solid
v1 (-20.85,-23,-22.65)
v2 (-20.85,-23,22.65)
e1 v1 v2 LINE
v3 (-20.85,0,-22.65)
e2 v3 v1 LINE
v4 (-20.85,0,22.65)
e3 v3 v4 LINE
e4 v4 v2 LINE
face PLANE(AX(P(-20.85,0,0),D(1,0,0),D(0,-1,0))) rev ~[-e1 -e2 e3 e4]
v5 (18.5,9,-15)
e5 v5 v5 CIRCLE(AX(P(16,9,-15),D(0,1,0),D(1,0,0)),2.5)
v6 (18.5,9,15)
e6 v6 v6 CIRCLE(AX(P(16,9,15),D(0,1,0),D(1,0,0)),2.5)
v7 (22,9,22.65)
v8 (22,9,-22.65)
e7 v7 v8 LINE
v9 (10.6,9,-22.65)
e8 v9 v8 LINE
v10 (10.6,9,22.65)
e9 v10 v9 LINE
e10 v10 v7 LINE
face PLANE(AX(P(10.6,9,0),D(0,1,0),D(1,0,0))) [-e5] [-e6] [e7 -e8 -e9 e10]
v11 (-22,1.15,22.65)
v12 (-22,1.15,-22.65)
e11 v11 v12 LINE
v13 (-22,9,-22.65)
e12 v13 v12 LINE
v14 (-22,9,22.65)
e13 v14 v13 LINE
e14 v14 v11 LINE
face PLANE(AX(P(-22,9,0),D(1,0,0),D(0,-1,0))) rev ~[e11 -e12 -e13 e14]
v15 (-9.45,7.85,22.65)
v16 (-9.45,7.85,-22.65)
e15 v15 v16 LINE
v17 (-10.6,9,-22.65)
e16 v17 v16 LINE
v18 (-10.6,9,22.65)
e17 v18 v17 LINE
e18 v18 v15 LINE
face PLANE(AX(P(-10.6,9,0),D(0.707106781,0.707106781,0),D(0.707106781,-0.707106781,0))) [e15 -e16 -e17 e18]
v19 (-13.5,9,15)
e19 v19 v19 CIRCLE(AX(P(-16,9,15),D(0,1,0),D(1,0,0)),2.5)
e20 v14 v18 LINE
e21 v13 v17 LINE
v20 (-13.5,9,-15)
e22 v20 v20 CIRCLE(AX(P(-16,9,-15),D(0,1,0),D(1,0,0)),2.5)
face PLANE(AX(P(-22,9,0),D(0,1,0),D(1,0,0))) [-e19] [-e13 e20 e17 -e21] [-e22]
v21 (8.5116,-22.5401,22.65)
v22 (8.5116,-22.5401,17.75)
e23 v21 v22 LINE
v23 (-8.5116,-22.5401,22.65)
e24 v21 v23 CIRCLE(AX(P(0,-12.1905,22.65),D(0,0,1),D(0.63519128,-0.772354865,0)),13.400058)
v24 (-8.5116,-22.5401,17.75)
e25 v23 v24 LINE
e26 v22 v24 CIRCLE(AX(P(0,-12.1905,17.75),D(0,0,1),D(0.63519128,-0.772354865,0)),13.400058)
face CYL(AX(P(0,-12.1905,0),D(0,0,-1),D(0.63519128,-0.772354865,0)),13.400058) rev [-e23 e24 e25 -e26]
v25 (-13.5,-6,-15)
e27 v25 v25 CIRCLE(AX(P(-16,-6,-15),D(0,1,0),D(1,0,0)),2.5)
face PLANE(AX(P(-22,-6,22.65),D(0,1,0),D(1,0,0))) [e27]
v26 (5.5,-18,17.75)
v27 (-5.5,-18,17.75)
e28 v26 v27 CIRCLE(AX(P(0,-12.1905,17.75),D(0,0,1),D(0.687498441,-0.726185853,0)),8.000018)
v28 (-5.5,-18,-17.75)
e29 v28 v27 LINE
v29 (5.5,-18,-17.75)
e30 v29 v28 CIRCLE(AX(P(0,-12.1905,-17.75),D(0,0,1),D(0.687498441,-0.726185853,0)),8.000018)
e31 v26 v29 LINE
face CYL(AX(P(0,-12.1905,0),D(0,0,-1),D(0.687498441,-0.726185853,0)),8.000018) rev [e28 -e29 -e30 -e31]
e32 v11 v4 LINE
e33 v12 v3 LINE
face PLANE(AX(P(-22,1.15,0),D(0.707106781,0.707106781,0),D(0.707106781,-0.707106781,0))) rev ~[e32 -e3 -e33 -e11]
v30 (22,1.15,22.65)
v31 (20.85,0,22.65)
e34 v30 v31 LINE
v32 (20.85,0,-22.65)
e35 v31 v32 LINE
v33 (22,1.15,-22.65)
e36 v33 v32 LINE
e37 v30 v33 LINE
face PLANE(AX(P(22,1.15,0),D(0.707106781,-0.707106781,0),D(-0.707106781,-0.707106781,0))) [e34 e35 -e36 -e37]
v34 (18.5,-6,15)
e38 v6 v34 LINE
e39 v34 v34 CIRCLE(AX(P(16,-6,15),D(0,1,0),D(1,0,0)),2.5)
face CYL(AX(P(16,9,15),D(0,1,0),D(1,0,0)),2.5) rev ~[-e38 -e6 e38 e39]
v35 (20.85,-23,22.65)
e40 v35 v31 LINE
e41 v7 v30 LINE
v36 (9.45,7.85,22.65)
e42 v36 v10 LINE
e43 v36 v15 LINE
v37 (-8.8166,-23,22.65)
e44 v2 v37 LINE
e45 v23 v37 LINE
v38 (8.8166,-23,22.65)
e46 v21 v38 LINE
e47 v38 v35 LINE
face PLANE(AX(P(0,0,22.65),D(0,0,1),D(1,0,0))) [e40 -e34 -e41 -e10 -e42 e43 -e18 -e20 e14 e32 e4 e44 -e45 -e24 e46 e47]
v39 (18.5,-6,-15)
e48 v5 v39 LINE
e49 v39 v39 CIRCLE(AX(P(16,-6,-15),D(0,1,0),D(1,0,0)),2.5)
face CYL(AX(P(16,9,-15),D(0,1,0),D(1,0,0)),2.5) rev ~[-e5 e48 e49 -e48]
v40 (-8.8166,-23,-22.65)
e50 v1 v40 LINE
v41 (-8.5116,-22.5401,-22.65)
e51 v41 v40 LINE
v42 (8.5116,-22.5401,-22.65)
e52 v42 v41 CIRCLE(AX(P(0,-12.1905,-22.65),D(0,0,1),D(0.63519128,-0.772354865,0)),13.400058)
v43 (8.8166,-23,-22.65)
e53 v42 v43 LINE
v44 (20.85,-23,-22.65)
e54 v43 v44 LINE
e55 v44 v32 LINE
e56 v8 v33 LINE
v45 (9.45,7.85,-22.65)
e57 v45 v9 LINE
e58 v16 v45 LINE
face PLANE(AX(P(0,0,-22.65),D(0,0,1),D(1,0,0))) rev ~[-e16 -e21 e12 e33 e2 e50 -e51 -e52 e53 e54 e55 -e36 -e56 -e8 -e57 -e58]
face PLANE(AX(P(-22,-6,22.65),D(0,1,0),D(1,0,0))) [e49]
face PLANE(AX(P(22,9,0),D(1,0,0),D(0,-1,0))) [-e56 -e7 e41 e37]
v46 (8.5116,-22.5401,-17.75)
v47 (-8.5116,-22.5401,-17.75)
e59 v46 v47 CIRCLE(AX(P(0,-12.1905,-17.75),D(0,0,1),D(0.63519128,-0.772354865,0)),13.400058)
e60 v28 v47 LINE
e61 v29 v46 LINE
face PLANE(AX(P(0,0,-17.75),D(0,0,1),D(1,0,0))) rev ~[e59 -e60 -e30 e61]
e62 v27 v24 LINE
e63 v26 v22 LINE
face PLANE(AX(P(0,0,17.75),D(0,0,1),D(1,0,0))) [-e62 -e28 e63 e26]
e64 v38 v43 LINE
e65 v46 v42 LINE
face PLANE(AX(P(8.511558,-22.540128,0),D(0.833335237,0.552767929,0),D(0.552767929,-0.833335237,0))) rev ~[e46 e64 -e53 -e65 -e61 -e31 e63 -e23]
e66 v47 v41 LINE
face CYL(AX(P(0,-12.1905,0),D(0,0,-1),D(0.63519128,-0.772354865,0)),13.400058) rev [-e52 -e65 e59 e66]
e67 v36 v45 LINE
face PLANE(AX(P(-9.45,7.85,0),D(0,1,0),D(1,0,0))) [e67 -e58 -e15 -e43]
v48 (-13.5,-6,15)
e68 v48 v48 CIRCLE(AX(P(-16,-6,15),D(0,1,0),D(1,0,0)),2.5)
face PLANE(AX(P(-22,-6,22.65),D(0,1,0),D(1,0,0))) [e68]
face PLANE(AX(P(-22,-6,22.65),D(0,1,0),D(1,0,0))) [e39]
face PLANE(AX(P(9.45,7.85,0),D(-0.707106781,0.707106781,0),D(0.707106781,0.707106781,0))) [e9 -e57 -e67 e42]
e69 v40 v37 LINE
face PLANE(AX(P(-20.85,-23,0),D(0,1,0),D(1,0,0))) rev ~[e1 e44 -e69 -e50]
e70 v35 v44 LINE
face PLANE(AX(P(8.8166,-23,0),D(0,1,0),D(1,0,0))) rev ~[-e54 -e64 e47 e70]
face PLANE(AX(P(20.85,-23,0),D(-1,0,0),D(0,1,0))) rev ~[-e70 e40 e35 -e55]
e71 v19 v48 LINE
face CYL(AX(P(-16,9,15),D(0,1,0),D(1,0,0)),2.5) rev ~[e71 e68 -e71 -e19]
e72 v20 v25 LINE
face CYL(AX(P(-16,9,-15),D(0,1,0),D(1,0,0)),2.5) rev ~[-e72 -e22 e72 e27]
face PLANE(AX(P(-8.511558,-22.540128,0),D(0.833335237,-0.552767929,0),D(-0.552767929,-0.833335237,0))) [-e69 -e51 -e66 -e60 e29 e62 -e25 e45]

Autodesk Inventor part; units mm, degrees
ref_plane "YZ Plane" through (0, 0, 0) normal (1, 0, 0) x (0, 1, 0)
ref_plane "XZ Plane" through (0, 0, 0) normal (0, 1, 0) x (-1, 0, 0)
ref_plane "XY Plane" through (0, 0, 0) normal (0, 0, 1) x (1, 0, 0)
sketch "Sketch1" plane through (0, 0, 0) normal (0, 0, 1) x (1, 0, 0)
  line L0 (-20.85, 0) -> (-20.85, -23)
  line L1 (20.85, -23) -> (20.85, 0)
  line L2 (0, 0) -> (0, -23) construction
  line L3 (-22, 9) -> (-22, 1.15)
  line L4 (-22, 1.15) -> (-20.85, 0)
  line L5 (22, 9) -> (22, 1.15)
  line L6 (22, 1.15) -> (20.85, 0)
  line L7 (0, 0) -> (0, 7.85) construction
  line L8 (-10.6, 9) -> (-9.45, 7.85)
  line L9 (-9.45, 7.85) -> (0, 7.85)
  line L10 (0, 7.85) -> (9.45, 7.85)
  line L11 (9.45, 7.85) -> (10.6, 9)
  line L12 (-22, 9) -> (-10.6, 9)
  line L13 (10.6, 9) -> (22, 9)
  arc A0 (5.5, -18) -> (-5.5, -18) centre (0, -12.1905) ccw
  line L14 (-5.5, -18) -> (5.5, -18) construction
  line L15 (-5.5, -18) -> (-8.8166, -23)
  line L16 (5.5, -18) -> (8.8166, -23)
  line L17 (-20.85, -23) -> (-8.8166, -23)
  line L18 (8.8166, -23) -> (20.85, -23)
  line L19 (8.8166, -23) -> (-8.8166, -23) construction
  arc A1 (8.5116, -22.5401) -> (-8.5116, -22.5401) centre (0, -12.1905) ccw
  point P0 (20.85, -11.5)
  dimension "d1" = 44
  dimension "d3" = 135
  dimension "d4" = 135
  dimension "d5" = 18.9
  dimension "d8" = 23
  dimension "d9" = 135
  dimension "d10" = 23
  dimension "d11" = 1.15
  dimension "d12" = 1.15
  dimension "d13" = 16
  dimension "d14" = 11
  dimension "d16" = 6
  dimension "d17" = 5
  dimension "d18" = 32
  dimension "d19" = 5.4
extrude "Extrusion1" add sketch "Sketch1" along normal mid plane 45.3 contours L4 L3 L12 L8 L9 L10 L11 L13 L5 L6 L1 L18 L16 A1 L15 L17 L0
extrude "Extrusion2" add sketch "Sketch1" along normal mid plane 35.5 contours A1 L16 A0 L15
sketch "Sketch2" plane through (-22, 9, 22.65) normal (0, 1, 0) x (1, 0, 0)
  line L0 (0, 45.3) -> (11.4, 45.3) projected
  line L1 (0, 45.3) -> (0, 0) projected
  line L2 (32.6, 45.3) -> (44, 45.3) projected
  line L3 (44, 45.3) -> (44, 0) projected
  circle A0 centre (38, 37.65) radius 2.5
  circle A1 centre (38, 7.65) radius 2.5
  line L4 (38, 37.65) -> (38, 7.65) construction
  line L5 (38, 22.65) -> (44, 22.65) construction
  circle A2 centre (6, 37.65) radius 2.5
  circle A3 centre (6, 7.65) radius 2.5
  line L6 (6, 37.65) -> (6, 7.65) construction
  line L7 (6, 22.65) -> (0, 22.65) construction
  point P0 (22, 22.65)
  dimension "d24" = 5
  dimension "d25" = 5
  dimension "d26" = 30
  dimension "d27" = 5
  dimension "d28" = 5
  dimension "d29" = 30
  dimension "d30" = 32
extrude "Extrusion3" cut sketch "Sketch2" against normal blind 15
equation "\"d10\" = d8"
equation "\"d25\" = d24"
equation "\"d28\" = d27"
properties part number "Linear Rail Slider Block"
